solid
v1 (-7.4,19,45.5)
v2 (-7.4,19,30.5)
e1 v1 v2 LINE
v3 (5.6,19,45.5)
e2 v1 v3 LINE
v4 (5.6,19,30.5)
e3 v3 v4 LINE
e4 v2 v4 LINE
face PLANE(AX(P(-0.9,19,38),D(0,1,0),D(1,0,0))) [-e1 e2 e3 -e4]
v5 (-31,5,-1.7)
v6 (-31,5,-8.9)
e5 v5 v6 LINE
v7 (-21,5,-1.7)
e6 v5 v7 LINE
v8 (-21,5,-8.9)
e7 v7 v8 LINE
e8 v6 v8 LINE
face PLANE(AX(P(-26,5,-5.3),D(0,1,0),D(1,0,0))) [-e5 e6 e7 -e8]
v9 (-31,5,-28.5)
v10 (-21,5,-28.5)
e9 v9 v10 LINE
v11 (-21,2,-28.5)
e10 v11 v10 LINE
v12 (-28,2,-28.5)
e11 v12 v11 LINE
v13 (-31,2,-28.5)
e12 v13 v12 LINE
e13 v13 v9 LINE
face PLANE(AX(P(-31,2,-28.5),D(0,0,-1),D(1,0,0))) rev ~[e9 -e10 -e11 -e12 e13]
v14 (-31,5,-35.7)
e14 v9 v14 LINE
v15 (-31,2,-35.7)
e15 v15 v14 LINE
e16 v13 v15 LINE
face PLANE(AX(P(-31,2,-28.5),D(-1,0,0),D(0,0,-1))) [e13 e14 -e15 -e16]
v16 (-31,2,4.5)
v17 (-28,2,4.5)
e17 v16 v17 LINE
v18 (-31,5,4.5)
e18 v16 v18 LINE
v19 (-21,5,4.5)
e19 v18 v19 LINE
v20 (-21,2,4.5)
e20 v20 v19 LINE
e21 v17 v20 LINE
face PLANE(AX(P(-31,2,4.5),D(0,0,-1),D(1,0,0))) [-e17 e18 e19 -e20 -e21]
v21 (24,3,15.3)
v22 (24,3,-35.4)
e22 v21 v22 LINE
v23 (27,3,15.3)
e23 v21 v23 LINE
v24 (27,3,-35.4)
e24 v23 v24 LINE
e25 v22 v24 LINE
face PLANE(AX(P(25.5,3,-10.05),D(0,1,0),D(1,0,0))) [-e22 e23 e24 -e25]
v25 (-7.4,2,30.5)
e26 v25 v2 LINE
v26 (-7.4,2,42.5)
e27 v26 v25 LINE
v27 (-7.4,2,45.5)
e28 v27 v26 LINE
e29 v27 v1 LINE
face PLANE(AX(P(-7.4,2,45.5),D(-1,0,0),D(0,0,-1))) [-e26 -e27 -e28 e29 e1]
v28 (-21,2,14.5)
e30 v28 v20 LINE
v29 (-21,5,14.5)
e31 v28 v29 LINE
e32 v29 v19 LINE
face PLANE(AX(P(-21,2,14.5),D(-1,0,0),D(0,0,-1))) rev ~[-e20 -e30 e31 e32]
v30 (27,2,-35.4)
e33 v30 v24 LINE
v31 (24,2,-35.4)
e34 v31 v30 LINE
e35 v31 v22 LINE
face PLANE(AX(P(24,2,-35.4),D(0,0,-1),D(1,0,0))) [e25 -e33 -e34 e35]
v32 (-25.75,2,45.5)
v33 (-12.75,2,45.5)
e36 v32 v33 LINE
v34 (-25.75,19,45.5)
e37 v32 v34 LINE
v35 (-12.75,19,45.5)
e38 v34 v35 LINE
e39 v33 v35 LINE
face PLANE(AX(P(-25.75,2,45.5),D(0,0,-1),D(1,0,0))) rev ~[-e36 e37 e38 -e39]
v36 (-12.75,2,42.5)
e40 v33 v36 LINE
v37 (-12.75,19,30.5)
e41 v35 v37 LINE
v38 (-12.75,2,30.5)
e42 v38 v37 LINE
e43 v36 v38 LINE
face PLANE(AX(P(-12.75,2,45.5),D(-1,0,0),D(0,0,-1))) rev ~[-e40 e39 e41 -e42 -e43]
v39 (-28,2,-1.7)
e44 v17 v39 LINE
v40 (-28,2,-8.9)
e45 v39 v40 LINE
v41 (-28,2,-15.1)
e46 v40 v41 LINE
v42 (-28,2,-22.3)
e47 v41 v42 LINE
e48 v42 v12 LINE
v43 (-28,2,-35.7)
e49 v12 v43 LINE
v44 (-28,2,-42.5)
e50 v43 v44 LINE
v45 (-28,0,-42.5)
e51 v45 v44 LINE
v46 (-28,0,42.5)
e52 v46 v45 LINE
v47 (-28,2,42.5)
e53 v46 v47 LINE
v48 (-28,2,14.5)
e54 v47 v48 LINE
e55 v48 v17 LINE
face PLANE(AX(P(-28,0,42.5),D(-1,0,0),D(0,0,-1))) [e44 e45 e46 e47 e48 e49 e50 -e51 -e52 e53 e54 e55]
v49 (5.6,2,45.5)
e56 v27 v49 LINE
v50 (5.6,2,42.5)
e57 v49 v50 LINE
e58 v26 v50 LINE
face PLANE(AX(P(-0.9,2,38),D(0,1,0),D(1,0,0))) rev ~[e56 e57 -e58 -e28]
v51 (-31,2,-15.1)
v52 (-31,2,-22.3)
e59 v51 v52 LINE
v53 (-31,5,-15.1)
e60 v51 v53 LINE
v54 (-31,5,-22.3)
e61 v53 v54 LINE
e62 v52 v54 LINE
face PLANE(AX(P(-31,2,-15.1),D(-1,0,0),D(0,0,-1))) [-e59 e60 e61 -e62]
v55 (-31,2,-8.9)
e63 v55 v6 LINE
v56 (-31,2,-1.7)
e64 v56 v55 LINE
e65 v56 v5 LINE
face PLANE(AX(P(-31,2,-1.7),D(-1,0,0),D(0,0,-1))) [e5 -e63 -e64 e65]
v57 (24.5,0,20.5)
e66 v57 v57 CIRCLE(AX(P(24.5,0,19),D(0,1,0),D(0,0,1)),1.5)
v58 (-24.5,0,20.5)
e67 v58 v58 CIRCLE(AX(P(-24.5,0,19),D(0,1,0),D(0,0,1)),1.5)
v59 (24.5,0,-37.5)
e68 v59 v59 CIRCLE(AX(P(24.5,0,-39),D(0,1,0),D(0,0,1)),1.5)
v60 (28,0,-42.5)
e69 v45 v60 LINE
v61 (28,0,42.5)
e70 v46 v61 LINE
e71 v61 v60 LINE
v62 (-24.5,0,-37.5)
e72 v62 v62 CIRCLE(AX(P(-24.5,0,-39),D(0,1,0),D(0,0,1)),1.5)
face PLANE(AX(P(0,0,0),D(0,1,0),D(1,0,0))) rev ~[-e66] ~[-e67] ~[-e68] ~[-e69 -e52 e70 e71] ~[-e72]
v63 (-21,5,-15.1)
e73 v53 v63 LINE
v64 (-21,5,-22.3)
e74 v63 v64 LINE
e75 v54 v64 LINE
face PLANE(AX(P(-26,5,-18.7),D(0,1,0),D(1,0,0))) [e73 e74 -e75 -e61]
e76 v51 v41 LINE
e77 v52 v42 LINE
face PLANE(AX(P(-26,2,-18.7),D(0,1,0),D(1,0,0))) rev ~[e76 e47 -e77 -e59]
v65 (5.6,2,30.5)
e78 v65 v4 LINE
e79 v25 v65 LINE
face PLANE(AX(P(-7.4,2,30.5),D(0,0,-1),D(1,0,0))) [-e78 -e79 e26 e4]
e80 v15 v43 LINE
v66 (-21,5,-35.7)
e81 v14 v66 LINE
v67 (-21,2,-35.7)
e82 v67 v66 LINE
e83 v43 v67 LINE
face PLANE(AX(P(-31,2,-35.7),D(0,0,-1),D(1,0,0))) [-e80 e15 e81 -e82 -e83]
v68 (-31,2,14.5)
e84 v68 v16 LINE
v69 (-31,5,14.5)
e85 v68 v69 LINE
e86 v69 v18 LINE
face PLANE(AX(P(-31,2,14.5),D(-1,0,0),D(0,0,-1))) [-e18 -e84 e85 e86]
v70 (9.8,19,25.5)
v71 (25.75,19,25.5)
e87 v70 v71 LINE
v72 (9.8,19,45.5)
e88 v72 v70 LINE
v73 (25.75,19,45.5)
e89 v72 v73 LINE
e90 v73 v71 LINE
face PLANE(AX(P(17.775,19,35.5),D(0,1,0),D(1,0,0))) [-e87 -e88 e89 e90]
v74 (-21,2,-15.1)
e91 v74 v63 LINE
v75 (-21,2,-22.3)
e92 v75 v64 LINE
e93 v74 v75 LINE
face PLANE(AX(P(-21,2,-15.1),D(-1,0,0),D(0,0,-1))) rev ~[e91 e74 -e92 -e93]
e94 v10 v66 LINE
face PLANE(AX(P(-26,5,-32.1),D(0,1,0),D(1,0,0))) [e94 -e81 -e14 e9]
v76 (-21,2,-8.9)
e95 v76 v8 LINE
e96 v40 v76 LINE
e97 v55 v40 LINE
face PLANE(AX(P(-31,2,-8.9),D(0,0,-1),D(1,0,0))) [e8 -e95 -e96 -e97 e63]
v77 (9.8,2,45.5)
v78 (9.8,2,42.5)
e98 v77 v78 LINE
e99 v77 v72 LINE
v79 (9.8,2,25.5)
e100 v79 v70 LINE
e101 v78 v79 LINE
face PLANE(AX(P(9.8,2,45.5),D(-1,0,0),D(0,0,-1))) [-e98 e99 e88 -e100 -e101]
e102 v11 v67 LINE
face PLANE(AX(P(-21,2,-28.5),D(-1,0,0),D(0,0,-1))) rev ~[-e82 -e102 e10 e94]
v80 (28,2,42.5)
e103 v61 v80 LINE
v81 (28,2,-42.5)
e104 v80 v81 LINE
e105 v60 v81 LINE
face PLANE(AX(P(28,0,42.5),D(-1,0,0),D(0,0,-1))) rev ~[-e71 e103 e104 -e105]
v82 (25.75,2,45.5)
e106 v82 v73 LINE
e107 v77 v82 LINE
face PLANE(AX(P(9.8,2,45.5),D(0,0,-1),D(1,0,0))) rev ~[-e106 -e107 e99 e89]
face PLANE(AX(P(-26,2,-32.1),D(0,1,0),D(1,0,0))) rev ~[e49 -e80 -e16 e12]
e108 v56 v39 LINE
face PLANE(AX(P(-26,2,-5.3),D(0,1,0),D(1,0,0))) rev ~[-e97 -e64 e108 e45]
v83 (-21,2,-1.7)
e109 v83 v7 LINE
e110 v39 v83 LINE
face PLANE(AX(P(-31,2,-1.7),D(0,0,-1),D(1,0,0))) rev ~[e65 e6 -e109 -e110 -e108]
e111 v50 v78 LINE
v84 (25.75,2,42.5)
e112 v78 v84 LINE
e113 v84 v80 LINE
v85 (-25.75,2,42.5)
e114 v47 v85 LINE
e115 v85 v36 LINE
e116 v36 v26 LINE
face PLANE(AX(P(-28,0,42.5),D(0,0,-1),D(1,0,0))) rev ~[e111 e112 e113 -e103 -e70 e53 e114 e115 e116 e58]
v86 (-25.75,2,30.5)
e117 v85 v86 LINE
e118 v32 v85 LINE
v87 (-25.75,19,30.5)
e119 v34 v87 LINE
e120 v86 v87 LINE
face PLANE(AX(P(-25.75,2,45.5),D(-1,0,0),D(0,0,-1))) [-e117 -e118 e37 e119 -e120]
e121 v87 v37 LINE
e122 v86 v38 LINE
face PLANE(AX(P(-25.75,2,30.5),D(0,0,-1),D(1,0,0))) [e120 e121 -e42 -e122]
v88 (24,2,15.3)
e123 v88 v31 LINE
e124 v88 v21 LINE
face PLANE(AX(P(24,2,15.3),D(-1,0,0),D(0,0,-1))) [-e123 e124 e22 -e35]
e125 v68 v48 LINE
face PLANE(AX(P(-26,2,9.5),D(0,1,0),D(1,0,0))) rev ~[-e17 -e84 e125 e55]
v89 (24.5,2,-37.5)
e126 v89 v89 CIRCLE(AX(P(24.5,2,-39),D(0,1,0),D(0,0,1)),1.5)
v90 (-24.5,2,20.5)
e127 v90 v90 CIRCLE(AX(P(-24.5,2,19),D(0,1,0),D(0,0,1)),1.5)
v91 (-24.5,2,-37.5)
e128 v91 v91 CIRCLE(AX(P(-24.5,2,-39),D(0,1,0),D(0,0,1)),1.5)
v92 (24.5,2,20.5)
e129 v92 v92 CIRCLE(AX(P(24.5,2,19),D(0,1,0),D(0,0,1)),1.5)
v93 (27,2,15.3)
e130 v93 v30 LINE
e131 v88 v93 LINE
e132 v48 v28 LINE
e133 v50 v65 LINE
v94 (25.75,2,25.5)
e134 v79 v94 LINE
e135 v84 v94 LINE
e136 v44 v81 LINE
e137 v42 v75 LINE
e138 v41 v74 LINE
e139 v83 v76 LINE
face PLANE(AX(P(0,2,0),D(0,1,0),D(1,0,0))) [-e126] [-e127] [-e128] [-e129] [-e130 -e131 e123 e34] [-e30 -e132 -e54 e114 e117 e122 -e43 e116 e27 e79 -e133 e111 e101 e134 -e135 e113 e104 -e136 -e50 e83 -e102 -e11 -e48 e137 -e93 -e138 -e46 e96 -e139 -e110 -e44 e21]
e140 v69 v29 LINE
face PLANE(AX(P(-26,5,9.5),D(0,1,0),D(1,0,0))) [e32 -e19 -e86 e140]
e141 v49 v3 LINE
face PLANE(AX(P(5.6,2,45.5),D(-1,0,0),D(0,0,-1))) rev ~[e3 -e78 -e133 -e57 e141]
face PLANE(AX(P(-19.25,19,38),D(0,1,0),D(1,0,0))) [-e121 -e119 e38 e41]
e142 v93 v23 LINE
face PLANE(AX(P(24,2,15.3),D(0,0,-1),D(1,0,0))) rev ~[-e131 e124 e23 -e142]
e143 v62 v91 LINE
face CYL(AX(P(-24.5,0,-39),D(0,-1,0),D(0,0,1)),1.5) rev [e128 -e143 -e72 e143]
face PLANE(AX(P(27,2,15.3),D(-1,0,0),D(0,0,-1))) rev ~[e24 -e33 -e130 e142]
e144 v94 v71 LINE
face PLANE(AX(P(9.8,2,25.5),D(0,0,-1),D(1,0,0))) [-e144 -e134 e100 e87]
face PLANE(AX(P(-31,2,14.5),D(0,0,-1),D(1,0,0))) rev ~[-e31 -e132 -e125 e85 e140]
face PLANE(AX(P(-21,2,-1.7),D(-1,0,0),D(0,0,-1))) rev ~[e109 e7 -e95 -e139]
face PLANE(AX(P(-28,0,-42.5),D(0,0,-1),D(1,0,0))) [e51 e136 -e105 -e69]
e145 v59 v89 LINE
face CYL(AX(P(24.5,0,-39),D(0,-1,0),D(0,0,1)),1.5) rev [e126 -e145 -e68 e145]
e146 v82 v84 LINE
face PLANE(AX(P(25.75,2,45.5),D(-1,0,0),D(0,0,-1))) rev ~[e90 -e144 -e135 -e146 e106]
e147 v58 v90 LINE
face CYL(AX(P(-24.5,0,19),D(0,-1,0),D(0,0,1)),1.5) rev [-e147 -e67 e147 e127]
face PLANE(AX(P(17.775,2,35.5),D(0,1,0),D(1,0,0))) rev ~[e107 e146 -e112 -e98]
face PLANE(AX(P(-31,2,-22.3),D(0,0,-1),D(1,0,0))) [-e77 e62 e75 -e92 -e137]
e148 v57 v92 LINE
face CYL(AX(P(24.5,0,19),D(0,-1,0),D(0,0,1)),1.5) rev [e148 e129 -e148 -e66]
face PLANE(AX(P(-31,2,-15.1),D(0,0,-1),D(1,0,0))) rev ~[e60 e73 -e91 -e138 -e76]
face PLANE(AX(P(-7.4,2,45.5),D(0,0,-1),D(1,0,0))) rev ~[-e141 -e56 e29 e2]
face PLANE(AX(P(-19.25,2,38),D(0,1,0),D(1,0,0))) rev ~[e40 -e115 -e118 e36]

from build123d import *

# Parameters (mm, degrees)
SKETCH1_W           = 56
SKETCH1_H           = 85
SKETCH1_R           = 1.5
BOSS_EXTRUDE1_DEPTH = 2
SKETCH2_W           = 3
SKETCH2_H           = 50.7
BOSS_EXTRUDE2_DEPTH = 1
SKETCH3_W           = 13
SKETCH3_H           = 15
SKETCH3_W_2         = 15.95
SKETCH3_H_2         = 20
BOSS_EXTRUDE3_DEPTH = 17
SKETCH4_W           = 10
SKETCH4_H           = 7.2
SKETCH4_H_2         = 10
BOSS_EXTRUDE4_DEPTH = 3


with BuildPart() as part:
    # Sketch1 → Boss-Extrude1 (new body)
    with BuildSketch(Plane(origin=(0, 0, 0), x_dir=(1, 0, 0), z_dir=(0, 1, 0))):
        Rectangle(SKETCH1_W, SKETCH1_H)
        with Locations(Location((-24.5, 39, 0), (0, 0, 270))):
            Circle(SKETCH1_R, mode=Mode.SUBTRACT)
        with Locations(Location((24.5, 39, 0), (0, 0, 270))):
            Circle(SKETCH1_R, mode=Mode.SUBTRACT)
        with Locations(Location((-24.5, -19, 0), (0, 0, 270))):
            Circle(SKETCH1_R, mode=Mode.SUBTRACT)
        with Locations(Location((24.5, -19, 0), (0, 0, 270))):
            Circle(SKETCH1_R, mode=Mode.SUBTRACT)
    extrude(amount=BOSS_EXTRUDE1_DEPTH)

    # Sketch2 → Boss-Extrude2 (add)
    with BuildSketch(Plane(origin=(0, 2, 0), x_dir=(1, 0, 0), z_dir=(0, 1, 0))):
        with Locations((25.5, 10.05)):
            Rectangle(SKETCH2_W, SKETCH2_H)
    extrude(amount=BOSS_EXTRUDE2_DEPTH)

    # Sketch3 → Boss-Extrude3 (add)
    with BuildSketch(Plane(origin=(0, 2, 0), x_dir=(1, 0, 0), z_dir=(0, 1, 0))):
        with Locations((-19.25, -38)):
            Rectangle(SKETCH3_W, SKETCH3_H)
        with Locations((-0.9, -38)):
            Rectangle(SKETCH3_W, SKETCH3_H)
        with Locations((17.775, -35.5)):
            Rectangle(SKETCH3_W_2, SKETCH3_H_2)
    extrude(amount=BOSS_EXTRUDE3_DEPTH)

    # Sketch4 → Boss-Extrude4 (add)
    with BuildSketch(Plane(origin=(0, 2, 0), x_dir=(1, 0, 0), z_dir=(0, 1, 0))):
        with Locations((-26, 32.1)):
            Rectangle(SKETCH4_W, SKETCH4_H)
        with Locations((-26, 5.3)):
            Rectangle(SKETCH4_W, SKETCH4_H)
        with Locations((-26, -9.5)):
            Rectangle(SKETCH4_W, SKETCH4_H_2)
        with Locations((-26, 18.7)):
            Rectangle(SKETCH4_W, SKETCH4_H)
    extrude(amount=BOSS_EXTRUDE4_DEPTH)


solid = part.part
